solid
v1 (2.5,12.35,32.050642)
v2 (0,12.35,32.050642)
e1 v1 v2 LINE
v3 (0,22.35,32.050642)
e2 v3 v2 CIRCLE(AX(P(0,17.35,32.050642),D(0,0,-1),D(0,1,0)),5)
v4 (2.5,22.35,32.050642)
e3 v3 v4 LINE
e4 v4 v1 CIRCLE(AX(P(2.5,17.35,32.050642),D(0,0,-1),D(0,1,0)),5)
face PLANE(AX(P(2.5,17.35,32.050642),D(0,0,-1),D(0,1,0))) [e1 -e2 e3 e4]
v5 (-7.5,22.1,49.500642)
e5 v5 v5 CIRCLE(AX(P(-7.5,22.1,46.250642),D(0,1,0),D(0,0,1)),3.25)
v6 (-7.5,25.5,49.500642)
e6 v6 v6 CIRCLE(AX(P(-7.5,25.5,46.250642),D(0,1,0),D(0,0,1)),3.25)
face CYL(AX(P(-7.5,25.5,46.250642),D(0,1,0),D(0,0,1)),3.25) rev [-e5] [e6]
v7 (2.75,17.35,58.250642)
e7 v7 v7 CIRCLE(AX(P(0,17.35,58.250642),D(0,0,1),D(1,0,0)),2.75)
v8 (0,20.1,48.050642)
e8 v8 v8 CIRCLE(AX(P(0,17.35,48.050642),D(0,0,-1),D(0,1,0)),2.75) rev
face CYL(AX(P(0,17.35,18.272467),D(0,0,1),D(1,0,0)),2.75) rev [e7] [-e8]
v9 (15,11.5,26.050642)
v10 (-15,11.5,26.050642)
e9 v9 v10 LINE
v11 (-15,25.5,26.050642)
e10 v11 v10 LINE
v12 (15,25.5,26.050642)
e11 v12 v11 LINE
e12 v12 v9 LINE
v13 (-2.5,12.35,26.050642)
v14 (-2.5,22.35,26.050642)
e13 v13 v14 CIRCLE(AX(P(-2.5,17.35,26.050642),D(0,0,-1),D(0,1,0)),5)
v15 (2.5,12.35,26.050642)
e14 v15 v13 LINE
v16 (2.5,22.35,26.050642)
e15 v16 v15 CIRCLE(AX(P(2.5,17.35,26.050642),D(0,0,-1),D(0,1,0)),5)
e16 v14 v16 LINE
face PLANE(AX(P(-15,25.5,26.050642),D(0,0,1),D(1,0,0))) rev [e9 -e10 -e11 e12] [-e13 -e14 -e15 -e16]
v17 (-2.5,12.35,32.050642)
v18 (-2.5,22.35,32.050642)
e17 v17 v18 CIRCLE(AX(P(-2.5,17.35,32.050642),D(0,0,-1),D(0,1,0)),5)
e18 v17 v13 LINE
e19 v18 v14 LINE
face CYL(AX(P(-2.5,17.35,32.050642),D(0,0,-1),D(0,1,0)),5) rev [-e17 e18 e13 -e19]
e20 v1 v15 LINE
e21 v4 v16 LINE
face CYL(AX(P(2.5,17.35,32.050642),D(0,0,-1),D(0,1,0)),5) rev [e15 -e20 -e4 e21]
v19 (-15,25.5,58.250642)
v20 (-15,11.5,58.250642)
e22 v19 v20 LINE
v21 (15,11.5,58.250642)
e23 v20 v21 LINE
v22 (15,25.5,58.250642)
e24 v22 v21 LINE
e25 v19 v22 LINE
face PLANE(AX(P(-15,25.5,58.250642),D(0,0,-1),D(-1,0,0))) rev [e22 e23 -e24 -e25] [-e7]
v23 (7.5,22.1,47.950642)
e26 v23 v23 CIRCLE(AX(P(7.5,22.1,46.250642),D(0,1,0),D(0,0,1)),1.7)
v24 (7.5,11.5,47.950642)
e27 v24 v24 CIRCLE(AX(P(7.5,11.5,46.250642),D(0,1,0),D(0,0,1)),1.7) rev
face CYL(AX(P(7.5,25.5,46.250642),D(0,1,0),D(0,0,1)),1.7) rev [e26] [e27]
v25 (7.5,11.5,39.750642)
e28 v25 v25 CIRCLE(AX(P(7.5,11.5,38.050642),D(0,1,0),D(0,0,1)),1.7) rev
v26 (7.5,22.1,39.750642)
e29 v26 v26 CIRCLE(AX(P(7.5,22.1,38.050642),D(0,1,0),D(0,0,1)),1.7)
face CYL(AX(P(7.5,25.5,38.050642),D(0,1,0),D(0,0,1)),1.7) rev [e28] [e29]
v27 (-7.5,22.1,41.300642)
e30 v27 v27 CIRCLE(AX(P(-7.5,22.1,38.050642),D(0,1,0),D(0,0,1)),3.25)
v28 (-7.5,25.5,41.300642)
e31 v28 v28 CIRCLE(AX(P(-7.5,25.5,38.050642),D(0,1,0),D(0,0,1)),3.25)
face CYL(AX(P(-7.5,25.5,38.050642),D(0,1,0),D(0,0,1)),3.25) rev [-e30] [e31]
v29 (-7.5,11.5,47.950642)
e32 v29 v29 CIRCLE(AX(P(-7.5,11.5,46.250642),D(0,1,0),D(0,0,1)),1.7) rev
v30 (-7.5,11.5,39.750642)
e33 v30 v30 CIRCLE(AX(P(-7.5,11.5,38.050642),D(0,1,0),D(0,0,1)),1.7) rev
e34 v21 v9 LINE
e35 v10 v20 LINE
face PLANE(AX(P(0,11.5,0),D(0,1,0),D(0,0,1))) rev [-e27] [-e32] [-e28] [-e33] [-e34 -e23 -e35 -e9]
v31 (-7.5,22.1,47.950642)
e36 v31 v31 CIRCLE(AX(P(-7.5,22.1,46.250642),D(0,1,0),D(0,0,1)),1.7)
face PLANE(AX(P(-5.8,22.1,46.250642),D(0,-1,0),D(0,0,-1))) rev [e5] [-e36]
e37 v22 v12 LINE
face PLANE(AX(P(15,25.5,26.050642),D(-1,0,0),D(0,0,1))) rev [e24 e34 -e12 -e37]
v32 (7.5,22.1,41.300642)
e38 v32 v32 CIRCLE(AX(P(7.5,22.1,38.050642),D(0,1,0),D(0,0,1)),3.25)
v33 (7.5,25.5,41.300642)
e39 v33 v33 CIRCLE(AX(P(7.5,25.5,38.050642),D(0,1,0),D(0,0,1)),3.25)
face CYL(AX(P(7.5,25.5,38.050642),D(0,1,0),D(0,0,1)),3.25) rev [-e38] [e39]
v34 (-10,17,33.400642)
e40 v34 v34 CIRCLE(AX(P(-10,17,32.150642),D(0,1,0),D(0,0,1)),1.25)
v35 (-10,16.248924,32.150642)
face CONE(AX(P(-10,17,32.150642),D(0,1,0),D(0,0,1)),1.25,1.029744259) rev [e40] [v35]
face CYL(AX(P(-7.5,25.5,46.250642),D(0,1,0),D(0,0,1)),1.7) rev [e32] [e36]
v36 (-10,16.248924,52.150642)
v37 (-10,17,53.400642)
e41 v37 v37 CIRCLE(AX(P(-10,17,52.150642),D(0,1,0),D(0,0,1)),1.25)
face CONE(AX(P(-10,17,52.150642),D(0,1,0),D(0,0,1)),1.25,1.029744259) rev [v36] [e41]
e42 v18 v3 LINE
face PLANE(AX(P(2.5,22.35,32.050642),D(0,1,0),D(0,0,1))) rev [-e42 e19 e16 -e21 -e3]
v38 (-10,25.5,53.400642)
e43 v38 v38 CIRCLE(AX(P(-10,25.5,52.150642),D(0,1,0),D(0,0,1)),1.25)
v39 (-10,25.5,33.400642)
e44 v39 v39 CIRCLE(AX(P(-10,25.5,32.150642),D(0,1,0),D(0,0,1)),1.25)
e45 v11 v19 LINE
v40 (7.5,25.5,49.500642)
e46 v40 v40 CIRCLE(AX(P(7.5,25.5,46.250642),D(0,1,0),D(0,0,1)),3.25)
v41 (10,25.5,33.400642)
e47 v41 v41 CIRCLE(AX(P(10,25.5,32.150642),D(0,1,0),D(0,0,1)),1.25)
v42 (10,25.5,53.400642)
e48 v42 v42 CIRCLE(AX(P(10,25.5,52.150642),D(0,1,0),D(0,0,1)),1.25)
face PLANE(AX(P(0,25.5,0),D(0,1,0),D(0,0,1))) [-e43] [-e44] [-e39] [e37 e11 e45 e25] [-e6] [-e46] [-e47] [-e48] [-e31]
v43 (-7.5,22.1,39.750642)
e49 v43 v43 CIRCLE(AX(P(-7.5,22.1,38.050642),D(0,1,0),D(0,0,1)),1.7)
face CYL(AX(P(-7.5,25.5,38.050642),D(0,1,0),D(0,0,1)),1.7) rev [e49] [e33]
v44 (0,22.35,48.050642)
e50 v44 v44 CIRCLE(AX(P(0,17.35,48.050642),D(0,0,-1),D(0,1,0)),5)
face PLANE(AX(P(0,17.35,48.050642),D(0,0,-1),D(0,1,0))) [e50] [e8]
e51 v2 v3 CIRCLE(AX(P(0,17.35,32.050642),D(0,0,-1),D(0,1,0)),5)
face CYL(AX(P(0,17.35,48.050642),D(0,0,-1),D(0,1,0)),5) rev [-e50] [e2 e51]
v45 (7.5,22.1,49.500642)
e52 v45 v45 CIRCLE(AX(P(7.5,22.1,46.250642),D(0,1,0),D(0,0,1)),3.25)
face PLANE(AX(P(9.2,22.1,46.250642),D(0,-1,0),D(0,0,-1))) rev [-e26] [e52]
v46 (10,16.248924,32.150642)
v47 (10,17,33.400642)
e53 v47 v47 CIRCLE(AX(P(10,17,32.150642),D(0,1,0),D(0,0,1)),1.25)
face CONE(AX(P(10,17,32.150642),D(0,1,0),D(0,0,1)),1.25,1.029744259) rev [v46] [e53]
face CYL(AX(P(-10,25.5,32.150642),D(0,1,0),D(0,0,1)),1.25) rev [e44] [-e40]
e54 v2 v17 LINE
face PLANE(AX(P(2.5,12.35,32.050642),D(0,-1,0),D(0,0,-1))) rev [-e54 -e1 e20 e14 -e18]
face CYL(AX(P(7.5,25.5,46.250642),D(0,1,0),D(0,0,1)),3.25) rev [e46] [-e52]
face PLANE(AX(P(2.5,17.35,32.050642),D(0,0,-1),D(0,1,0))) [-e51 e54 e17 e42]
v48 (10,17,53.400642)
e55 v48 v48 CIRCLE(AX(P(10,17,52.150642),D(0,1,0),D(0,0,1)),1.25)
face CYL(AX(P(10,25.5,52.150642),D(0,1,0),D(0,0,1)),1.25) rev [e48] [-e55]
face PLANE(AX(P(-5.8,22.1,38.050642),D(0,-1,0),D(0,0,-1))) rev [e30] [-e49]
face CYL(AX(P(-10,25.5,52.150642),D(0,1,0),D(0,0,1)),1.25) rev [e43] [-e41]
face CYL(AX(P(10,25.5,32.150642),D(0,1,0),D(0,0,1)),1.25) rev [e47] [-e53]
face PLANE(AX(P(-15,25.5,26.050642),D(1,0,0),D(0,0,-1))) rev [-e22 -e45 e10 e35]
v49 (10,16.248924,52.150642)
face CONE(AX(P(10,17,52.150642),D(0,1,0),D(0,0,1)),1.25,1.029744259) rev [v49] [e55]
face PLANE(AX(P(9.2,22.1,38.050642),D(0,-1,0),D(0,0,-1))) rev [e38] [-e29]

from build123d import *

# Parameters (mm, degrees)
SKETCH_1_W             = 30
SKETCH_1_H             = 32.2
BODY_DEPTH             = 14
FIXTURE_M3_D           = 3.4
FIXTURE_M3_DEPTH       = 14
FIXTURE_M3_CBORE_D     = 6.5
FIXTURE_M3_CBORE_DEPTH = 3.4
FIXTURE_M3_TIP         = 1.021463052
FIXTURE_M3_1_D         = 2.5
FIXTURE_M3_1_DEPTH     = 8.5
FIXTURE_M3_1_TIP       = 0.751075774
SKETCH_6_R             = 2.75
HOLE_DEPTH             = 32.2
OVAL_DEPTH             = 6
SKETCH_8_R             = 5
HOLE2_DEPTH            = 22


with BuildPart() as part:
    # Эскиз1 → Body (new body)
    with BuildSketch(Plane(origin=(0, 11.5, 0), x_dir=(1, 0, 0), z_dir=(0, 1, 0))):
        with Locations((0, -42.150641757)):
            Rectangle(SKETCH_1_W, SKETCH_1_H)
    extrude(amount=BODY_DEPTH)

    # Fixture M3
    with Locations(Plane(origin=(-7.5, 25.5, 38.050641757), x_dir=(0, 0, 1), z_dir=(0, 1, 0))):
        with Locations((0, 0), (8.2, 0), (0, 15), (8.2, 15)):
            CounterBoreHole(FIXTURE_M3_D / 2, FIXTURE_M3_CBORE_D / 2, FIXTURE_M3_CBORE_DEPTH, depth=FIXTURE_M3_DEPTH)
            with Locations((0, 0, -(FIXTURE_M3_DEPTH + FIXTURE_M3_TIP / 2))):  # 118° drill point
                Cone(0, FIXTURE_M3_D / 2, FIXTURE_M3_TIP, mode=Mode.SUBTRACT)

    # Fixture M3_1
    with Locations(Plane(origin=(-10, 25.5, 32.150641757), x_dir=(0, 0, 1), z_dir=(0, 1, 0))):
        with Locations((0, 0), (0, 20), (20, 20), (20, 0)):
            Hole(FIXTURE_M3_1_D / 2, depth=FIXTURE_M3_1_DEPTH)
            with Locations((0, 0, -(FIXTURE_M3_1_DEPTH + FIXTURE_M3_1_TIP / 2))):  # 118° drill point
                Cone(0, FIXTURE_M3_1_D / 2, FIXTURE_M3_1_TIP, mode=Mode.SUBTRACT)

    # Эскиз6 → Hole (cut)
    with BuildSketch(Plane.XY.offset(58.250641757)):
        with Locations((0, 17.35)):
            Circle(SKETCH_6_R)
    extrude(amount=-HOLE_DEPTH, mode=Mode.SUBTRACT)

    # Эскиз7 → Oval (cut)
    with BuildSketch(Plane(origin=(0, 0, 26.050641757), x_dir=(-1, 0, 0), z_dir=(0, 0, -1))):
        with BuildLine():
            Line((-2.5, 22.35), (2.5, 22.35))
            ThreePointArc((2.5, 22.35), (7.5, 17.35), (2.5, 12.35))
            Line((2.5, 12.35), (-2.5, 12.35))
            ThreePointArc((-2.5, 12.35), (-7.5, 17.35), (-2.5, 22.35))
        make_face()
    extrude(amount=-OVAL_DEPTH, mode=Mode.SUBTRACT)

    # Эскиз8 → Hole2 (cut)
    with BuildSketch(Plane(origin=(0, 0, 26.050641757), x_dir=(-1, 0, 0), z_dir=(0, 0, -1))):
        with Locations(Location((0, 17.35, 0), (0, 0, 90))):
            Circle(SKETCH_8_R)
    extrude(amount=-HOLE2_DEPTH, mode=Mode.SUBTRACT)


solid = part.part
